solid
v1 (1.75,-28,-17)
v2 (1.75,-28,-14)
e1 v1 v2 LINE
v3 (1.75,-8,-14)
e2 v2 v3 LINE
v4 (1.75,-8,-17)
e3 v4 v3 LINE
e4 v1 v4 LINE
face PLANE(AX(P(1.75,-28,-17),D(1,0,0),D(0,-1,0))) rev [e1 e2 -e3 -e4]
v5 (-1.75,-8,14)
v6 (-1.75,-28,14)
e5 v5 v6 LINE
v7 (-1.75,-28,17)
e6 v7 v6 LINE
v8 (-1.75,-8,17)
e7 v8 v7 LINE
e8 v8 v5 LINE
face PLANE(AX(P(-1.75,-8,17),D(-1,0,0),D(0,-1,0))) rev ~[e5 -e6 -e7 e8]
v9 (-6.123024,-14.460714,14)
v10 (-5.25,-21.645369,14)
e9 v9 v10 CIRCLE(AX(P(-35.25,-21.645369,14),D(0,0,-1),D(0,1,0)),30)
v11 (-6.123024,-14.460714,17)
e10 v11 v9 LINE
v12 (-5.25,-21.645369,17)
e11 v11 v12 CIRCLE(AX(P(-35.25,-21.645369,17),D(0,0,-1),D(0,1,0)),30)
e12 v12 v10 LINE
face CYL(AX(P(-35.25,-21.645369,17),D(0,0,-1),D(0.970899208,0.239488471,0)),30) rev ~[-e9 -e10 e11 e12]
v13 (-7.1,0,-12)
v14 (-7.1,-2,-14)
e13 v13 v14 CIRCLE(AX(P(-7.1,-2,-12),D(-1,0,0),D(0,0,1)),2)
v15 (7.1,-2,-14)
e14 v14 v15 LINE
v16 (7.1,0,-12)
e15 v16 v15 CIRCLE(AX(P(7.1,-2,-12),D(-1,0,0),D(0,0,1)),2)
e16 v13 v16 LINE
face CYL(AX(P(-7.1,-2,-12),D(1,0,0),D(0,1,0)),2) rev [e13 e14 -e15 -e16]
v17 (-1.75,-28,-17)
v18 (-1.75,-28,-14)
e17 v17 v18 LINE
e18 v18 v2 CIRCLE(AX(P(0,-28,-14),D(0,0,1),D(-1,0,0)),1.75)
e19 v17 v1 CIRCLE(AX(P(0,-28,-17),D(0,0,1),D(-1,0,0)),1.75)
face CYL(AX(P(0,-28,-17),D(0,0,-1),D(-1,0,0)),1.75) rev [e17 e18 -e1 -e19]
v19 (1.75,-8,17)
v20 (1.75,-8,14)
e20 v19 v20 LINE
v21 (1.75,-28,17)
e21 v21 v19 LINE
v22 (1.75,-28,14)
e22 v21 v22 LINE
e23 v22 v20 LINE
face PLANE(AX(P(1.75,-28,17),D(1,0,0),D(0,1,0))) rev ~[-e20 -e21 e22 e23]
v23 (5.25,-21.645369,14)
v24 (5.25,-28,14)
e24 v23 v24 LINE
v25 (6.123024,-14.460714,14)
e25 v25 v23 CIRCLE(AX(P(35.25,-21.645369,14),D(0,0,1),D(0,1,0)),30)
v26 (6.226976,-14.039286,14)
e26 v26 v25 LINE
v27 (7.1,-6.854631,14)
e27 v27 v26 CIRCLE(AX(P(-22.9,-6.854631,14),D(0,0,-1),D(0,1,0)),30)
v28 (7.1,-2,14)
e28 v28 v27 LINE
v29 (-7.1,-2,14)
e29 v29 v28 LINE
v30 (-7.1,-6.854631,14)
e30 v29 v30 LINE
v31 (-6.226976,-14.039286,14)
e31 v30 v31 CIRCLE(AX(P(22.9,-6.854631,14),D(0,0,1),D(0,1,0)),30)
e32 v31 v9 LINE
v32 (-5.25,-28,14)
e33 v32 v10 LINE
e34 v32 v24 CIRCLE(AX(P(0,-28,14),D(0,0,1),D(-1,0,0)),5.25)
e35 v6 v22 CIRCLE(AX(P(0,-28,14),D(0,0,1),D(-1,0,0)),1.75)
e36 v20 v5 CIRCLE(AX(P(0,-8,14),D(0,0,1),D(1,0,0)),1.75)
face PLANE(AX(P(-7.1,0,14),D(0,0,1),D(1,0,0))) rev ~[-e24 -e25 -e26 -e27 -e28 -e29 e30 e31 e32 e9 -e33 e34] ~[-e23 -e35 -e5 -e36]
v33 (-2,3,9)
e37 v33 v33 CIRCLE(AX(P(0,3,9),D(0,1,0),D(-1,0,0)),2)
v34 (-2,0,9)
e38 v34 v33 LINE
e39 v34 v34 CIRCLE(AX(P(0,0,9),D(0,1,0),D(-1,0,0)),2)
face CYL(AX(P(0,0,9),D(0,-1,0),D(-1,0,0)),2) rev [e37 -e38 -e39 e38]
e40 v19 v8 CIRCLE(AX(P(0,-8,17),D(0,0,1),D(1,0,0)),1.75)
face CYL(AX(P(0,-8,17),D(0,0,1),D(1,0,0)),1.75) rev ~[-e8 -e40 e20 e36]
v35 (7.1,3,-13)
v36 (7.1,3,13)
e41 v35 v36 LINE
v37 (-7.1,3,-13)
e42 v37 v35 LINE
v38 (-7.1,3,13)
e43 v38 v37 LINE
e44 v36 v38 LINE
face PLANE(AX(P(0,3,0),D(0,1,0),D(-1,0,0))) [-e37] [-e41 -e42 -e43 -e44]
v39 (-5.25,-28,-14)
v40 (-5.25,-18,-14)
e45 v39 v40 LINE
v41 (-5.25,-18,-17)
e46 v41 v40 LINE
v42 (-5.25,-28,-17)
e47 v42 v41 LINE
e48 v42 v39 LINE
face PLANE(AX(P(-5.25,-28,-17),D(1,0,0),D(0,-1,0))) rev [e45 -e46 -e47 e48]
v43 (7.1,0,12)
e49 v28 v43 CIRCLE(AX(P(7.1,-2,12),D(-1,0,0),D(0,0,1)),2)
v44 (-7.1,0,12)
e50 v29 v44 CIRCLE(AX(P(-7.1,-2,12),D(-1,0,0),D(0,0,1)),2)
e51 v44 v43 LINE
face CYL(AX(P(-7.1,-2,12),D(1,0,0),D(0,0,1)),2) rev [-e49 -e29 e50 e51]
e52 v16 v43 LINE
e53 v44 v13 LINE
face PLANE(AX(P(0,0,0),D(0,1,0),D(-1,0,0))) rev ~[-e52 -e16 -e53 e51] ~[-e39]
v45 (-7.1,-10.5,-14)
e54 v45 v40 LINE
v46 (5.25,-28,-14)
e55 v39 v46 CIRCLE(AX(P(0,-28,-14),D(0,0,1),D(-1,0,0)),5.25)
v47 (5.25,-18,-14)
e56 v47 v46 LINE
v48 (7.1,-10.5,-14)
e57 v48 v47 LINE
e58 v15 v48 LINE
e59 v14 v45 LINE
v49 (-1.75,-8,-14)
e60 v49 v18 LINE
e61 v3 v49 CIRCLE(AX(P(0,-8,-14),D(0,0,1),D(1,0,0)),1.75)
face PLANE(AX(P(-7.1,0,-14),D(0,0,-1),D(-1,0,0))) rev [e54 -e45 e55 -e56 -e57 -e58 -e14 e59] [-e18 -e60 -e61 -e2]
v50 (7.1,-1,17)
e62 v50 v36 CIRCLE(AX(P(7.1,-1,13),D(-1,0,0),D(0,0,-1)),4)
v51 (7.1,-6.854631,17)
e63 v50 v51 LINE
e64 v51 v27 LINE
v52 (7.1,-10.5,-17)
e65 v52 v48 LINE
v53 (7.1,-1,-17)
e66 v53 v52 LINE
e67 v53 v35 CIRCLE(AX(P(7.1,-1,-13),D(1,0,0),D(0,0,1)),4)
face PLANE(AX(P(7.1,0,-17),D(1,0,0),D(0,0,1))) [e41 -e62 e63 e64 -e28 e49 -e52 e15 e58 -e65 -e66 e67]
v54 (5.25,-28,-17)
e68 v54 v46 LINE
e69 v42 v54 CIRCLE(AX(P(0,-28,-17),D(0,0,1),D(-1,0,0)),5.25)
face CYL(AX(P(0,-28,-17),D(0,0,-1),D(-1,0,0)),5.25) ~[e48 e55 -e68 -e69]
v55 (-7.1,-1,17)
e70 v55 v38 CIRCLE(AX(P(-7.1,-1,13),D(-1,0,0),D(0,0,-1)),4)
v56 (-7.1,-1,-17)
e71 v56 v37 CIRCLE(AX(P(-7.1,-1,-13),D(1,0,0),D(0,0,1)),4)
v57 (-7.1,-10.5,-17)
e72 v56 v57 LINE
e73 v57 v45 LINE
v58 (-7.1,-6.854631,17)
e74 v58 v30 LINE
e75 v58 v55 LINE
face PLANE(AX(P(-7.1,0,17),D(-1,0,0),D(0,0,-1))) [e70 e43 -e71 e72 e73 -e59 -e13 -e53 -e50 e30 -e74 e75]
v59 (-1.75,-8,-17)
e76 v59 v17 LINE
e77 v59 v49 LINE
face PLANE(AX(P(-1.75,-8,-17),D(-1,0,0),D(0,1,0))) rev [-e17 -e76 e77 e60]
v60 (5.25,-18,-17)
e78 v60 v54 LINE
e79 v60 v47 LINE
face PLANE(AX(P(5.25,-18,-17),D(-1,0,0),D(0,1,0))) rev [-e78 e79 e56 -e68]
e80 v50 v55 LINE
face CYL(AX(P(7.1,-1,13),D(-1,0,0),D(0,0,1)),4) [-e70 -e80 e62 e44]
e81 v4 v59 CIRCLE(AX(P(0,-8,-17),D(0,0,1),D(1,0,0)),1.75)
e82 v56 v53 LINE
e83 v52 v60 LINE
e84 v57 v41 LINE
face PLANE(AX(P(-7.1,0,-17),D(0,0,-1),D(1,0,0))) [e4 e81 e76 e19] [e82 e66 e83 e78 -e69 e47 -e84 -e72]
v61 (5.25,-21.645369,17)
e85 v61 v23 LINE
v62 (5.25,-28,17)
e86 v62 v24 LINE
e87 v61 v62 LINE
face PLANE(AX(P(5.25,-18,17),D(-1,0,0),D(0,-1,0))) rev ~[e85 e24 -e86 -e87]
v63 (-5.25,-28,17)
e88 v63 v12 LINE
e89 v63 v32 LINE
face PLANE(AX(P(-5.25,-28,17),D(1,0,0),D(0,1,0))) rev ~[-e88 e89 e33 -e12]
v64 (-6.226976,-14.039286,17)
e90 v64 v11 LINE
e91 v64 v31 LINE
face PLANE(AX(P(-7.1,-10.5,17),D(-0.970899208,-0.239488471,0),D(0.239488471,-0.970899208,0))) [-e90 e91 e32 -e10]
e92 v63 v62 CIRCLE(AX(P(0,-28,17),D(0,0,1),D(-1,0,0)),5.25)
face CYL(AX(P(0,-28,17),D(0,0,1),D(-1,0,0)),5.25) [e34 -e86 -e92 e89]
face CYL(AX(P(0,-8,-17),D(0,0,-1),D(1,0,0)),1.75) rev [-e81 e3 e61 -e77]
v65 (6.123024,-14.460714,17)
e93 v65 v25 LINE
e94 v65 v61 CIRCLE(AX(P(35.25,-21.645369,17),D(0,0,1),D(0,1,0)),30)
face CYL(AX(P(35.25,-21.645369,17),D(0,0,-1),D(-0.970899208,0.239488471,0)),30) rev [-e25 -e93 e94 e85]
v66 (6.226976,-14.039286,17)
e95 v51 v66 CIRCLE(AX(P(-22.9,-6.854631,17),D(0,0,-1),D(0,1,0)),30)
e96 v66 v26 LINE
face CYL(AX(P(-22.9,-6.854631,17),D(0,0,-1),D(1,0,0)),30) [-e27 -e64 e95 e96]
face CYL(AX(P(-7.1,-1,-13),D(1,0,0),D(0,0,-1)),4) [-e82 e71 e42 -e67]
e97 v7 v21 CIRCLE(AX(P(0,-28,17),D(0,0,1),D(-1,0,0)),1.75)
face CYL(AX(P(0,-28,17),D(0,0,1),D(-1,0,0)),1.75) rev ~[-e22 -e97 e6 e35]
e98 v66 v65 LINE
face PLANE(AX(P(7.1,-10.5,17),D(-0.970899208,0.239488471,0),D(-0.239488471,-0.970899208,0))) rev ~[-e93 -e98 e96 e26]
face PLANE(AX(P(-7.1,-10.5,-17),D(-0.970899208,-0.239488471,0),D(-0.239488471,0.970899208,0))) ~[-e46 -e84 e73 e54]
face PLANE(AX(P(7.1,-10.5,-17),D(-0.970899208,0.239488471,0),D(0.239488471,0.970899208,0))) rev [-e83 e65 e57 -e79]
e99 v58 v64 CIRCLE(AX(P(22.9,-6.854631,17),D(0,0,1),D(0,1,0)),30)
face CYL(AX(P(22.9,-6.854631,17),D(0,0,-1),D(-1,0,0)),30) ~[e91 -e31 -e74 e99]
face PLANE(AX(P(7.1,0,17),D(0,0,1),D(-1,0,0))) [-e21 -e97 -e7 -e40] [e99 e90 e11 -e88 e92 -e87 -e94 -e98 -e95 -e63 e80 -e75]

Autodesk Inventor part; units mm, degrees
ref_plane "YZ Plane" through (0, 0, 0) normal (1, 0, 0) x (0, 1, 0)
ref_plane "XZ Plane" through (0, 0, 0) normal (0, 1, 0) x (-1, 0, 0)
ref_plane "XY Plane" through (0, 0, 0) normal (0, 0, 1) x (1, 0, 0)
sketch "Sketch1" plane through (0, 0, 0) normal (0, 1, 0) x (-1, 0, 0)
  line L0 (7.1, -17) -> (-7.1, -17)
  line L1 (-7.1, -17) -> (-7.1, 17)
  line L2 (-7.1, 17) -> (7.1, 17)
  line L3 (7.1, 17) -> (7.1, -17)
  line L4 (7.1, -17) -> (-7.1, 17) construction
  line L5 (-7.1, -17) -> (7.1, 17) construction
  circle A0 centre (0, 9) radius 2
  point P0 (0, 0)
  dimension "d0" = 14.2
  dimension "d1" = 34
  dimension "d4" = 4
  dimension "d5" = 8
  dimension "d6" = 7.1
extrude "Extrusion1" add sketch "Sketch1" along normal blind 3
sketch "Sketch2" plane through (-7.1, 0, 17) normal (0, 0, 1) x (1, 0, 0)
  line L0 (7.1, -28) -> (7.1, -8) construction
  line L1 (8.85, -28) -> (8.85, -8)
  line L2 (5.35, -8) -> (5.35, -28)
  arc A0 (5.35, -28) -> (8.85, -28) centre (7.1, -28) ccw
  arc A1 (8.85, -8) -> (5.35, -8) centre (7.1, -8) ccw
  line L3 (0, 0) -> (0, 3) projected
  line L4 (0, 0) -> (14.2, 0) projected
  line L5 (1.85, -28) -> (1.85, -8)
  arc A2 (12.35, -8) -> (1.85, -8) centre (7.1, -8) ccw
  line L6 (12.35, -8) -> (12.35, -28)
  arc A3 (1.85, -28) -> (12.35, -28) centre (7.1, -28) ccw
  line L7 (0, 0) -> (0, -10.5)
  line L8 (0, -10.5) -> (1.85, -18)
  line L9 (14.2, 0) -> (14.2, -10.5)
  line L10 (14.2, -10.5) -> (12.35, -18)
  point P0 (7.1, 0)
  point P1 (7.1, -18)
  point P2 (8.85, -18)
  dimension "d7" = 7.1
  dimension "d8" = 3.5
  dimension "d9" = 20
  dimension "d10" = 18
  dimension "d11" = 3.5
extrude "Extrusion2" add sketch "Sketch2" against normal blind 3
fillet "Fillet1" radius 30 4 edges at (7.1, -10.5, 15.5) (5.25, -18, 15.5) (-7.1, -10.5, 15.5) (-5.25, -18, 15.5)
mirror "Mirror1" about plane through (0, 0, 0) normal (0, 0, 1) of "Extrusion2"
fillet "Fillet2" radius 4 2 edges at (0, 3, 17) (0, 3, -17)
fillet "Fillet3" radius 2 2 edges at (0, 0, 14) (0, 0, -14)
properties part number "SoporteSensorDeInterrupciones"
